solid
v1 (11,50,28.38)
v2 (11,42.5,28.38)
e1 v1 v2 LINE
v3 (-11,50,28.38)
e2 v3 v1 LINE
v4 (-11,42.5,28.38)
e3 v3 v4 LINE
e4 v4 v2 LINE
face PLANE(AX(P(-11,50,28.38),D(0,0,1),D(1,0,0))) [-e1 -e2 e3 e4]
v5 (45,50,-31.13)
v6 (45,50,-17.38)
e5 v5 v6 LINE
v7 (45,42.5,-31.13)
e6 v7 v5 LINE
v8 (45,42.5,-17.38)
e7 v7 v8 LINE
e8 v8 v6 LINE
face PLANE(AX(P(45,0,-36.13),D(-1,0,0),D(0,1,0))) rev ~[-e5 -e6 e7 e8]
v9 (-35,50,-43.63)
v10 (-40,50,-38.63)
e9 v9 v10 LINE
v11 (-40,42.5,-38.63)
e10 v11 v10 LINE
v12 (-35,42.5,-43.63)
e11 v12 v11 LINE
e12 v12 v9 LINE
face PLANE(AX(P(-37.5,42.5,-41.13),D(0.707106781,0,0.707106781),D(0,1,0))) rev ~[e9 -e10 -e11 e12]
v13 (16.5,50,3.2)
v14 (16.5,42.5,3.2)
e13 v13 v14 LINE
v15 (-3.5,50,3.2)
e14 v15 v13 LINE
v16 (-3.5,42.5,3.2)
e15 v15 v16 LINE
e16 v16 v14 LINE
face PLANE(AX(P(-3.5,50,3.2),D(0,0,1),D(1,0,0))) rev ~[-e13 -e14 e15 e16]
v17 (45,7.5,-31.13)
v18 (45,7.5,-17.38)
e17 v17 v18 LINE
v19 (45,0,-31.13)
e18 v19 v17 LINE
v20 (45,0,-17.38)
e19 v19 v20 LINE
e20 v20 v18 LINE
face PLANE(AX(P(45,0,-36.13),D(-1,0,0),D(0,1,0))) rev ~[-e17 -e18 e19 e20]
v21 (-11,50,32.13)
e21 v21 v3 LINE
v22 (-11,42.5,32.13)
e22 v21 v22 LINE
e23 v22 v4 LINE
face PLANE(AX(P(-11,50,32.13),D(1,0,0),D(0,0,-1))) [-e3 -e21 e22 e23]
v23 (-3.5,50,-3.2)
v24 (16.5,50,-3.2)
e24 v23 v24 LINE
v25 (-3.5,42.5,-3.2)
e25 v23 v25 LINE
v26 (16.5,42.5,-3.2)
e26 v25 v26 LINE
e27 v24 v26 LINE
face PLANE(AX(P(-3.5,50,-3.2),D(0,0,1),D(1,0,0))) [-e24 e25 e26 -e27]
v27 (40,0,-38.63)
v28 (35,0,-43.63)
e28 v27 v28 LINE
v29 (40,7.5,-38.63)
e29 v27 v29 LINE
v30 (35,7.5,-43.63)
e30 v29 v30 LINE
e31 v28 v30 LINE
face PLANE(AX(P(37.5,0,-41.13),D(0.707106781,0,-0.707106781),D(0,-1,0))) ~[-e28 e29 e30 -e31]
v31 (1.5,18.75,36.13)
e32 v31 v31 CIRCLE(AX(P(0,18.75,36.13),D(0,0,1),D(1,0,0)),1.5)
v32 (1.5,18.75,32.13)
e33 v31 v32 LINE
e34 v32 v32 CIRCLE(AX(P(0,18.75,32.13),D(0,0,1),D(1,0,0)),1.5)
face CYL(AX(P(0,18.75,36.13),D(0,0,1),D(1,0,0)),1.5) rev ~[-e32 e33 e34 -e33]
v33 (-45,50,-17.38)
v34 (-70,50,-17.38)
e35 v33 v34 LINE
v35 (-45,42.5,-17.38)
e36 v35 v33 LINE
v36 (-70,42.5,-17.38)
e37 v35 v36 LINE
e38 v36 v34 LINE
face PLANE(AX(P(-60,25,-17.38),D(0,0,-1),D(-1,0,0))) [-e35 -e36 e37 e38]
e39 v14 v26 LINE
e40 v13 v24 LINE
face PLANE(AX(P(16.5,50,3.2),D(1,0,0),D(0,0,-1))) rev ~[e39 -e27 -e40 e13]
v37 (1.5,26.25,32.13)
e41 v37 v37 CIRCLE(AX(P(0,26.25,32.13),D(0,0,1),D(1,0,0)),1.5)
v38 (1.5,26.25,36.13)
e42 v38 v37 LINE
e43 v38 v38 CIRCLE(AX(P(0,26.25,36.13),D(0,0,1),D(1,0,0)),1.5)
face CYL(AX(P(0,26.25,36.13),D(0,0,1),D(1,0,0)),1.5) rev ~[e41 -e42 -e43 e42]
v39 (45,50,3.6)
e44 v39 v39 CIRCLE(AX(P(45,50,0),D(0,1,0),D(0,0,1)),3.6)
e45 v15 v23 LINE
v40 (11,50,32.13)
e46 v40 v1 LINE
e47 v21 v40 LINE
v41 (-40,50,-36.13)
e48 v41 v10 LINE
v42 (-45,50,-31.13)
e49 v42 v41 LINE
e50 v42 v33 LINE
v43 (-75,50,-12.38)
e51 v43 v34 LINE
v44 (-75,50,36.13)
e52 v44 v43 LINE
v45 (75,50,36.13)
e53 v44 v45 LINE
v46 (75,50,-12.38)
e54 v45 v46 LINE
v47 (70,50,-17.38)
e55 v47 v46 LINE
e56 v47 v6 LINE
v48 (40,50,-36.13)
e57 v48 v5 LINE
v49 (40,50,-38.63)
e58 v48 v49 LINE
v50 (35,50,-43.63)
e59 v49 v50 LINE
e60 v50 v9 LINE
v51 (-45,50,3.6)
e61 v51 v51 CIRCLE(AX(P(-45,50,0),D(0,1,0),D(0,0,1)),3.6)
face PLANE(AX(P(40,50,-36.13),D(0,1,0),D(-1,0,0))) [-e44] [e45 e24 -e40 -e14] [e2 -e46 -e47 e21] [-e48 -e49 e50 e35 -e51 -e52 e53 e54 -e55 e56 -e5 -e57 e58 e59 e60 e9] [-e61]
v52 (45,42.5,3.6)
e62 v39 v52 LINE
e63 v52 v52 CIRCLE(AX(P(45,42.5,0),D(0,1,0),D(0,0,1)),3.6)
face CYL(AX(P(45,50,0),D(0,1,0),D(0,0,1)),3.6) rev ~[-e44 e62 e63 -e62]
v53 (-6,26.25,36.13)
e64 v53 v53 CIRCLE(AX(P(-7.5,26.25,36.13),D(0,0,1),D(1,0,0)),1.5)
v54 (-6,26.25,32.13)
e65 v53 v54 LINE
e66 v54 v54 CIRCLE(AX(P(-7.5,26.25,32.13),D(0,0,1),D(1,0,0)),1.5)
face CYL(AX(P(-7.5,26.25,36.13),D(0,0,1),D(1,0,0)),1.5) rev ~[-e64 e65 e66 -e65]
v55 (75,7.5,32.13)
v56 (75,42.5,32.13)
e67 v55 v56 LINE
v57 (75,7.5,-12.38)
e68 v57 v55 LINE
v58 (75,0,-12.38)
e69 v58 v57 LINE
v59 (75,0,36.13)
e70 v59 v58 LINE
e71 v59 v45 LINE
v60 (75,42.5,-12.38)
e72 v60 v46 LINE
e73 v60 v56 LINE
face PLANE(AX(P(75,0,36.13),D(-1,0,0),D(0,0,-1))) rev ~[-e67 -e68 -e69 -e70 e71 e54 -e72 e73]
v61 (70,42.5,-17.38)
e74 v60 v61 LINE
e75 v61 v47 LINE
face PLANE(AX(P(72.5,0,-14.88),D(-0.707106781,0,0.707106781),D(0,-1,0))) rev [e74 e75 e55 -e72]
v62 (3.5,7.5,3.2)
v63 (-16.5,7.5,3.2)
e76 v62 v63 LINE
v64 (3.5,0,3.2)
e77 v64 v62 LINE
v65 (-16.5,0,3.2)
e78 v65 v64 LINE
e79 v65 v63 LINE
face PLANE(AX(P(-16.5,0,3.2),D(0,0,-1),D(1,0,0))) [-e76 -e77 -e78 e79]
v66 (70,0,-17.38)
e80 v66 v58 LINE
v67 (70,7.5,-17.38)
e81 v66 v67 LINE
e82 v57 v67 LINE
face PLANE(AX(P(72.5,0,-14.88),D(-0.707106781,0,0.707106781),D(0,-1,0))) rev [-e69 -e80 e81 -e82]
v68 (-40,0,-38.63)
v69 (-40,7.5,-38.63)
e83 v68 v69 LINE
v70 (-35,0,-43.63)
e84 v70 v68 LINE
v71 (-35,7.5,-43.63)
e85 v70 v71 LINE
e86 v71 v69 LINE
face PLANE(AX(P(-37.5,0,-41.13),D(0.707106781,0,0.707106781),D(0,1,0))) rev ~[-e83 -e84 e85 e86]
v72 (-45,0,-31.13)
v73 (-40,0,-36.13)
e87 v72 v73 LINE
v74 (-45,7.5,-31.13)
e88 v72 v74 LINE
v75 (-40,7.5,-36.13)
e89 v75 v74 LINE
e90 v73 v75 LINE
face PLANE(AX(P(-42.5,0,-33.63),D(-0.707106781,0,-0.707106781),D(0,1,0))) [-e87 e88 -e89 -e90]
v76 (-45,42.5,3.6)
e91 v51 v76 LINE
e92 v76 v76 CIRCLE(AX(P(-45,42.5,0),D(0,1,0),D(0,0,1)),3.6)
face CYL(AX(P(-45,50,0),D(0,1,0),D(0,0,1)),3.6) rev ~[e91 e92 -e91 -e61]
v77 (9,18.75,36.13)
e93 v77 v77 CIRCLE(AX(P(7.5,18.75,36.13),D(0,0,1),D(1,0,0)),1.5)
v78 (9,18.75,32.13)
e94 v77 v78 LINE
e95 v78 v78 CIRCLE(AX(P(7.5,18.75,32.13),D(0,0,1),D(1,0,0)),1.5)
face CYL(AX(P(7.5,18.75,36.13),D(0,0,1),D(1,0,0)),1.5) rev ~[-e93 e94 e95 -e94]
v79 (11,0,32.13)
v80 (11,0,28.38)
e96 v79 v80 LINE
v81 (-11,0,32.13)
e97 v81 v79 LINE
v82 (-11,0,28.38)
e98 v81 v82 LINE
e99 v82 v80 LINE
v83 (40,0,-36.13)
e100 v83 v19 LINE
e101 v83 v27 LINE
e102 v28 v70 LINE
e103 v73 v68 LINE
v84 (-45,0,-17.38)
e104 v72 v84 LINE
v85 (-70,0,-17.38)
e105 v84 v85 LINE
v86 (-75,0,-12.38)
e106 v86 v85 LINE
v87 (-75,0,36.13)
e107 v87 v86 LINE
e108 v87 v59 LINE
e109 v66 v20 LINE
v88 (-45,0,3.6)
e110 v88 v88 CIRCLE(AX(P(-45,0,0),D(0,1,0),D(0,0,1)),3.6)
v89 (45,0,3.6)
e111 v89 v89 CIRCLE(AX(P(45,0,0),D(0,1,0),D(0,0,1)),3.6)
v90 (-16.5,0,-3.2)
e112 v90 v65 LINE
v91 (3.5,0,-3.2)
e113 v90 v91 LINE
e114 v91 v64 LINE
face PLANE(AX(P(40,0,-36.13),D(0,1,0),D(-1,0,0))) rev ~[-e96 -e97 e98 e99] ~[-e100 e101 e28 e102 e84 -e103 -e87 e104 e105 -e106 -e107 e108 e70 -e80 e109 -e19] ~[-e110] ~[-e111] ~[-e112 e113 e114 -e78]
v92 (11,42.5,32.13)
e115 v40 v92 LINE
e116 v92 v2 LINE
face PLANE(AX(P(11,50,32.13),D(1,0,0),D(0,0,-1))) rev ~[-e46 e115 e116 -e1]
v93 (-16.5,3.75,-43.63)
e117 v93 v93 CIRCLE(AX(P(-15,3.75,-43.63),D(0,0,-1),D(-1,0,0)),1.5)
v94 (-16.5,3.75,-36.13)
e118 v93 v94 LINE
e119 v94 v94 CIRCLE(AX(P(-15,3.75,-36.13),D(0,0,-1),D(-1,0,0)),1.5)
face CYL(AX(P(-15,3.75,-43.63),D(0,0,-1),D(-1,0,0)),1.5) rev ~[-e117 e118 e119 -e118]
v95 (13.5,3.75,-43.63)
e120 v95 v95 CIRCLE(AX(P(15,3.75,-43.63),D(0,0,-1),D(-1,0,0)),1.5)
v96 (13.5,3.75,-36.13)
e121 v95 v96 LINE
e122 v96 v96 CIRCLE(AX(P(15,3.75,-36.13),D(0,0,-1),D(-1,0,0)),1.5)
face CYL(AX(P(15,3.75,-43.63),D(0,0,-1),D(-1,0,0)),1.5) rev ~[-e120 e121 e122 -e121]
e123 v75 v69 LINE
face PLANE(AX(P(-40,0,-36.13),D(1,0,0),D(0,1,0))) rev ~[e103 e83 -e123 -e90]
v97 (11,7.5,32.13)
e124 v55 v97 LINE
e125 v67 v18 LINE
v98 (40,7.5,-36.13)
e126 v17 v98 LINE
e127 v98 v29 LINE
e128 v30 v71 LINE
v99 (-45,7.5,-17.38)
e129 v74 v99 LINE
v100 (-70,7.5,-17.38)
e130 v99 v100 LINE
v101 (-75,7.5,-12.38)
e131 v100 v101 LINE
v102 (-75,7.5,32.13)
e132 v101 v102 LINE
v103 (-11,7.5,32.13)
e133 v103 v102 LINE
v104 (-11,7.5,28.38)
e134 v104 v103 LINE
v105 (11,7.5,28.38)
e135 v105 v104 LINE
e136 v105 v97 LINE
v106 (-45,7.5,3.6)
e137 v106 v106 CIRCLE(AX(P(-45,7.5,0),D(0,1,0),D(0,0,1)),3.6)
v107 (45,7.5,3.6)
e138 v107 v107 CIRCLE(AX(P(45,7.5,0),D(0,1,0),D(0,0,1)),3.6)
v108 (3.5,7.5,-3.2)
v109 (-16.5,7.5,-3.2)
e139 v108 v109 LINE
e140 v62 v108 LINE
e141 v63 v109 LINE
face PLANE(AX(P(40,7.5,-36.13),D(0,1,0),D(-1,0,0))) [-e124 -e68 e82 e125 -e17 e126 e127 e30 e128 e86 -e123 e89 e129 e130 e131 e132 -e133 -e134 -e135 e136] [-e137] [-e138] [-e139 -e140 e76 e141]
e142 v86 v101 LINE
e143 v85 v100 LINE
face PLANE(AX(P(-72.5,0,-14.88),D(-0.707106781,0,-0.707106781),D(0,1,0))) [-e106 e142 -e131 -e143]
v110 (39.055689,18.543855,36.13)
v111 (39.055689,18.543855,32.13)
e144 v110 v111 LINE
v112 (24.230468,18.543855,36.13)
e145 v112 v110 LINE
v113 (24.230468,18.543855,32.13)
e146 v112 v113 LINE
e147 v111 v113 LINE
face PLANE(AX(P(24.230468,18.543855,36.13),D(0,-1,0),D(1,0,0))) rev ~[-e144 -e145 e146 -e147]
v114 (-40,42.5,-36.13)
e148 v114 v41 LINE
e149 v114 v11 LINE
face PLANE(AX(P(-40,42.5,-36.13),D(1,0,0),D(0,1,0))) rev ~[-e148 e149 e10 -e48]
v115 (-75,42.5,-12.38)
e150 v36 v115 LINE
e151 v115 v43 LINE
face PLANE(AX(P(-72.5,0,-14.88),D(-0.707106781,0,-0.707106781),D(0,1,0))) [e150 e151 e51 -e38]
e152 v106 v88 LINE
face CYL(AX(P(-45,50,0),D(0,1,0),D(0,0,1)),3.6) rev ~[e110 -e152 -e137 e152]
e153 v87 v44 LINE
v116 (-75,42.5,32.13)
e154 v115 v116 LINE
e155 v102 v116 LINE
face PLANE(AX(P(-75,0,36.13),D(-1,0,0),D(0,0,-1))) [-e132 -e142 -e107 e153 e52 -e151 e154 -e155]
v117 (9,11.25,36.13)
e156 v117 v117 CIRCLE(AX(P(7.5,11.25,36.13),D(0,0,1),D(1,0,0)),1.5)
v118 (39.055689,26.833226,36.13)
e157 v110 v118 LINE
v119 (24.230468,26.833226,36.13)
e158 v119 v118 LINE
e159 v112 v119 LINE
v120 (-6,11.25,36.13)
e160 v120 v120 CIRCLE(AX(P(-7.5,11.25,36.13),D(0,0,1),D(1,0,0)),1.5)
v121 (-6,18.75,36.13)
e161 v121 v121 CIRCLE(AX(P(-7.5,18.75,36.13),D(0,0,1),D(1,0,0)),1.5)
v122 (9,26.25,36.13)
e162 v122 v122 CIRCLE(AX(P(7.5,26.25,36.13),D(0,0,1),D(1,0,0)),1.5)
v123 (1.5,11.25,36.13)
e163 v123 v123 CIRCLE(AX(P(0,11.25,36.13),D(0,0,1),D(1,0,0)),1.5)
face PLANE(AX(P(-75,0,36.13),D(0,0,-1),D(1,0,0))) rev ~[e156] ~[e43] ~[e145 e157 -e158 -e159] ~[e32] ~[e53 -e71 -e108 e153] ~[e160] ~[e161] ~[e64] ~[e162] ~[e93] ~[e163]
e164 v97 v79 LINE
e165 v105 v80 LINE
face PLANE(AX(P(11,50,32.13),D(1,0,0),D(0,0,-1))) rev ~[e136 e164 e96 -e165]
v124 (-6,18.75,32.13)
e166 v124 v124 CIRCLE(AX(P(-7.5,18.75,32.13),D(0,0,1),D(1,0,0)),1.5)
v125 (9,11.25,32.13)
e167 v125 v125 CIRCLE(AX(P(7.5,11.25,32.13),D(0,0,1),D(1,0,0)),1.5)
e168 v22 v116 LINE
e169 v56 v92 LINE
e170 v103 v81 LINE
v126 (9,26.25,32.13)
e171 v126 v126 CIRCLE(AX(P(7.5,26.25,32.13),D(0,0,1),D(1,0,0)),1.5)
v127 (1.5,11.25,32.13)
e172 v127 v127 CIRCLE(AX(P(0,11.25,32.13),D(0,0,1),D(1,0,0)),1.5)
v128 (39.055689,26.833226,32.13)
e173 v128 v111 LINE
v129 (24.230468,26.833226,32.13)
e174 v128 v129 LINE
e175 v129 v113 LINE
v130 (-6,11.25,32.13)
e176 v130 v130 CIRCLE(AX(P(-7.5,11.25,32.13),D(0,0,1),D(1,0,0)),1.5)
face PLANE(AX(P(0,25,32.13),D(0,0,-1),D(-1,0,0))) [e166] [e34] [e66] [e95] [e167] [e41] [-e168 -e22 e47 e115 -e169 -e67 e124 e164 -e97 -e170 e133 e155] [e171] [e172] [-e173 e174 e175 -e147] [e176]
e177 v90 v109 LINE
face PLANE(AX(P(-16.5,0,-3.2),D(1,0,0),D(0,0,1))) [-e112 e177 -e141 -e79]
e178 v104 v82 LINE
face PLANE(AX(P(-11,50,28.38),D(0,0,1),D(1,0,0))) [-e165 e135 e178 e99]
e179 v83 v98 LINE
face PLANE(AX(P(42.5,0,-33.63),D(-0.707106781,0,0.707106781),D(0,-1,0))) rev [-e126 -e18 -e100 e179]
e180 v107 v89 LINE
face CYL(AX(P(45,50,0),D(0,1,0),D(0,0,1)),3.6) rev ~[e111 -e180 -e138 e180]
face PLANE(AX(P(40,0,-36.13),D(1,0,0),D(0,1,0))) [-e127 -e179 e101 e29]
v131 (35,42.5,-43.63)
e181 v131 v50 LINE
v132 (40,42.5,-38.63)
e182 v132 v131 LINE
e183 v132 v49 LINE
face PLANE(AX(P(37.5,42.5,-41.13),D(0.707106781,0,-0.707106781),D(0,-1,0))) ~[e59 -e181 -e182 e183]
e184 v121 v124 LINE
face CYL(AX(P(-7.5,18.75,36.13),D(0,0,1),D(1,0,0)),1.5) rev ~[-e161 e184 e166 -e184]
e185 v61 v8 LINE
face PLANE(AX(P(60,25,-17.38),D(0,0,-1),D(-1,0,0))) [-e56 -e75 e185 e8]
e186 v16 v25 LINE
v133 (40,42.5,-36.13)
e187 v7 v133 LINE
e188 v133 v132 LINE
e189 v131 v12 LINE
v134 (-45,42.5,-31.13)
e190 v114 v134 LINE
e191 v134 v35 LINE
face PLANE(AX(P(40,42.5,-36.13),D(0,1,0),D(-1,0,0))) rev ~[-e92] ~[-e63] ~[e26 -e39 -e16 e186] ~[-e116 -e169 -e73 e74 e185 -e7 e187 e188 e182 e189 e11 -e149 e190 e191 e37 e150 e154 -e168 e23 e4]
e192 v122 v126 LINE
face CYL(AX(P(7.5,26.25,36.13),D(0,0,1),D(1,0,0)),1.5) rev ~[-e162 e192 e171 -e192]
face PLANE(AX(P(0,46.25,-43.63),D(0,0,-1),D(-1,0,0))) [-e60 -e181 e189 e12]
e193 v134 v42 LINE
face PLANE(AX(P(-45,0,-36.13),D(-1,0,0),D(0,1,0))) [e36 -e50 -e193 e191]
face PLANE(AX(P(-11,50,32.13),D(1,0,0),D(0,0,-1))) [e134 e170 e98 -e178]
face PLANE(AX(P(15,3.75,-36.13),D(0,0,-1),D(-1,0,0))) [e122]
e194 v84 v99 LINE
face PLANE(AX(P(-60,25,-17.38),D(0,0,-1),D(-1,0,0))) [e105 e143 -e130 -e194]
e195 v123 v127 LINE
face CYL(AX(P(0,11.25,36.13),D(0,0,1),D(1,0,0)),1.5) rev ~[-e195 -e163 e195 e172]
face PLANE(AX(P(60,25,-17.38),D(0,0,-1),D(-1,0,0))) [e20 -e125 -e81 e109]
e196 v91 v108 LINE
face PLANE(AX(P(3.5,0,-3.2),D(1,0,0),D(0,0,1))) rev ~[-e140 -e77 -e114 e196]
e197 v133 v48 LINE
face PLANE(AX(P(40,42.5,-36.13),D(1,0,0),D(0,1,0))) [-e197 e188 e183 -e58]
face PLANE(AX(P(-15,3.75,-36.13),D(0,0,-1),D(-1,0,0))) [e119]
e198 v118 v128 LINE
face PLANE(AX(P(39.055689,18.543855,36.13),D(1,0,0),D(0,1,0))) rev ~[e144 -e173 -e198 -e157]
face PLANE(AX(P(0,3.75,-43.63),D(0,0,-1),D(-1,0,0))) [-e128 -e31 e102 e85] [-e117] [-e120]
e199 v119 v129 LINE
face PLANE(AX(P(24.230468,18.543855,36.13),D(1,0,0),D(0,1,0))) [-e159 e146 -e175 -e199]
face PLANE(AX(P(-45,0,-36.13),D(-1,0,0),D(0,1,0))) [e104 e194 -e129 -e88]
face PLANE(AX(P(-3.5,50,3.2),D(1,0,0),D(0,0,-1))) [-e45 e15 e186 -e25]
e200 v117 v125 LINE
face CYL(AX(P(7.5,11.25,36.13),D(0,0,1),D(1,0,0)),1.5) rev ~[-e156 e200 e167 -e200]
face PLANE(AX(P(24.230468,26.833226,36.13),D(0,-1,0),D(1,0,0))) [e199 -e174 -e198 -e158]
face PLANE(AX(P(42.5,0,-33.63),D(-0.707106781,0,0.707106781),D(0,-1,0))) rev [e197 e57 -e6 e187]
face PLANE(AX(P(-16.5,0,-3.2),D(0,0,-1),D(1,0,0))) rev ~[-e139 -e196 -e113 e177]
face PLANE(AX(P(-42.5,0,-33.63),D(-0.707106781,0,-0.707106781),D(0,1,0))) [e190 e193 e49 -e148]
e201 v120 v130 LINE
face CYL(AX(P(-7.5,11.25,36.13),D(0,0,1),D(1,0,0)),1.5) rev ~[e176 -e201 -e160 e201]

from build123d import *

# Parameters (mm, degrees)
SKETCH1_W           = 150
SKETCH1_H           = 72.26
BOSS_EXTRUDE1_DEPTH = 50
SKETCH2_R           = 3.6
CUT_EXTRUDE1_DEPTH  = 50
SKETCH3_W           = 30
SKETCH3_H           = 50
CUT_EXTRUDE2_DEPTH  = 18.75
CHAMFER1_SIZE       = 5
SKETCH4_W           = 80
SKETCH4_H           = 7.5
BOSS_EXTRUDE2_DEPTH = 7.5
CHAMFER2_SIZE       = 5
SKETCH5_W           = 150
SKETCH5_H           = 35
CUT_EXTRUDE3_DEPTH  = 68.26
SKETCH10_R          = 1.5
CUT_EXTRUDE4_DEPTH  = 4
SKETCH11_W          = 22
SKETCH11_H          = 3.75
CUT_EXTRUDE5_DEPTH  = 50
SKETCH13_W          = 80
SKETCH13_H          = 7.5
BOSS_EXTRUDE3_DEPTH = 7.5
SKETCH14_R          = 1.5
CUT_EXTRUDE6_DEPTH  = 7.5
CHAMFER3_SIZE       = 5
SKETCH19_W          = 20
SKETCH19_H          = 6.4
CUT_EXTRUDE10_DEPTH = 10
SKETCH20_W          = 14.825220809
SKETCH20_H          = 8.289370775
CUT_EXTRUDE11_DEPTH = 9
SKETCH21_W          = 20
SKETCH21_H          = 6.4
CUT_EXTRUDE12_DEPTH = 10


with BuildPart() as part:
    # Sketch1 → Boss-Extrude1 (new body)
    with BuildSketch(Plane(origin=(0, 0, 0), x_dir=(1, 0, 0), z_dir=(0, 1, 0))):
        Rectangle(SKETCH1_W, SKETCH1_H)
    extrude(amount=BOSS_EXTRUDE1_DEPTH)

    # Sketch2 → Cut-Extrude1 (cut)
    with BuildSketch(Plane(origin=(0, 50, 0), x_dir=(1, 0, 0), z_dir=(0, 1, 0))):
        with Locations(Location((-45, 0, 0), (0, 0, 270))):
            Circle(SKETCH2_R)
        with Locations(Location((45, 0, 0), (0, 0, 270))):
            Circle(SKETCH2_R)
    extrude(amount=-CUT_EXTRUDE1_DEPTH, mode=Mode.SUBTRACT)

    # Sketch3 → Cut-Extrude2 (cut)
    with BuildSketch(Plane(origin=(0, 0, -36.13), x_dir=(-1, 0, 0), z_dir=(0, 0, -1))):
        with Locations((60, 25)):
            Rectangle(SKETCH3_W, SKETCH3_H)
        with Locations((-60, 25)):
            Rectangle(SKETCH3_W, SKETCH3_H)
    extrude(amount=-CUT_EXTRUDE2_DEPTH, mode=Mode.SUBTRACT)

    # Chamfer1
    chamfer1_edges = [part.edges().sort_by_distance(p)[0] for p in [
        (-75, 25, -17.38),
        (-45, 25, -36.13),
        (75, 25, -17.38),
        (45, 25, -36.13),
    ]]
    chamfer(chamfer1_edges, length=CHAMFER1_SIZE)

    # Sketch4 → Boss-Extrude2 (add)
    with BuildSketch(Plane(origin=(0, 0, -36.13), x_dir=(-1, 0, 0), z_dir=(0, 0, -1))):
        with Locations((0, 46.25)):
            Rectangle(SKETCH4_W, SKETCH4_H)
    extrude(amount=BOSS_EXTRUDE2_DEPTH)

    # Chamfer2
    chamfer2_edges = [part.edges().sort_by_distance(p)[0] for p in [
        (40, 46.25, -43.63),
        (-40, 46.25, -43.63),
    ]]
    chamfer(chamfer2_edges, length=CHAMFER2_SIZE)

    # Sketch5 → Cut-Extrude3 (cut)
    with BuildSketch(Plane(origin=(0, 0, -36.13), x_dir=(-1, 0, 0), z_dir=(0, 0, -1))):
        with Locations((0, 25)):
            Rectangle(SKETCH5_W, SKETCH5_H)
    extrude(amount=-CUT_EXTRUDE3_DEPTH, mode=Mode.SUBTRACT)

    # Sketch10 → Cut-Extrude4 (cut)
    with BuildSketch(Plane.XY.offset(36.13)):
        with Locations((0, 26.25)):
            Circle(SKETCH10_R)
        with Locations((0, 18.75)):
            Circle(SKETCH10_R)
        with Locations((0, 11.25)):
            Circle(SKETCH10_R)
        with Locations((-7.5, 26.25)):
            Circle(SKETCH10_R)
        with Locations((-7.5, 18.75)):
            Circle(SKETCH10_R)
        with Locations((-7.5, 11.25)):
            Circle(SKETCH10_R)
        with Locations((7.5, 26.25)):
            Circle(SKETCH10_R)
        with Locations((7.5, 18.75)):
            Circle(SKETCH10_R)
        with Locations((7.5, 11.25)):
            Circle(SKETCH10_R)
    extrude(amount=-CUT_EXTRUDE4_DEPTH, mode=Mode.SUBTRACT)

    # Sketch11 → Cut-Extrude5 (cut)
    with BuildSketch(Plane(origin=(0, 50, 0), x_dir=(1, 0, 0), z_dir=(0, 1, 0))):
        with Locations((0, -30.255)):
            Rectangle(SKETCH11_W, SKETCH11_H)
    extrude(amount=-CUT_EXTRUDE5_DEPTH, mode=Mode.SUBTRACT)

    # Sketch13 → Boss-Extrude3 (add)
    with BuildSketch(Plane(origin=(0, 0, -36.13), x_dir=(-1, 0, 0), z_dir=(0, 0, -1))):
        with Locations((0, 3.75)):
            Rectangle(SKETCH13_W, SKETCH13_H)
    extrude(amount=BOSS_EXTRUDE3_DEPTH)

    # Sketch14 → Cut-Extrude6 (cut)
    with BuildSketch(Plane(origin=(0, 0, -43.63), x_dir=(-1, 0, 0), z_dir=(0, 0, -1))):
        with Locations((-15, 3.75)):
            Circle(SKETCH14_R)
        with Locations((15, 3.75)):
            Circle(SKETCH14_R)
    extrude(amount=-CUT_EXTRUDE6_DEPTH, mode=Mode.SUBTRACT)

    # Chamfer3
    chamfer3_edges = [part.edges().sort_by_distance(p)[0] for p in [
        (40, 3.75, -43.63),
        (-40, 3.75, -43.63),
    ]]
    chamfer(chamfer3_edges, length=CHAMFER3_SIZE)

    # Sketch19 → Cut-Extrude10 (cut)
    with BuildSketch(Plane(origin=(0, 50, 0), x_dir=(1, 0, 0), z_dir=(0, 1, 0))):
        with Locations((6.5, 0)):
            Rectangle(SKETCH19_W, SKETCH19_H)
    extrude(amount=-CUT_EXTRUDE10_DEPTH, mode=Mode.SUBTRACT)

    # Sketch20 → Cut-Extrude11 (cut)
    with BuildSketch(Plane.XY.offset(36.13)):
        with Locations((31.643078824, 22.688540842)):
            Rectangle(SKETCH20_W, SKETCH20_H)
    extrude(amount=-CUT_EXTRUDE11_DEPTH, mode=Mode.SUBTRACT)

    # Sketch21 → Cut-Extrude12 (cut)
    with BuildSketch(Plane.XZ):
        with Locations((-6.5, 0)):
            Rectangle(SKETCH21_W, SKETCH21_H)
    extrude(amount=-CUT_EXTRUDE12_DEPTH, mode=Mode.SUBTRACT)


solid = part.part
